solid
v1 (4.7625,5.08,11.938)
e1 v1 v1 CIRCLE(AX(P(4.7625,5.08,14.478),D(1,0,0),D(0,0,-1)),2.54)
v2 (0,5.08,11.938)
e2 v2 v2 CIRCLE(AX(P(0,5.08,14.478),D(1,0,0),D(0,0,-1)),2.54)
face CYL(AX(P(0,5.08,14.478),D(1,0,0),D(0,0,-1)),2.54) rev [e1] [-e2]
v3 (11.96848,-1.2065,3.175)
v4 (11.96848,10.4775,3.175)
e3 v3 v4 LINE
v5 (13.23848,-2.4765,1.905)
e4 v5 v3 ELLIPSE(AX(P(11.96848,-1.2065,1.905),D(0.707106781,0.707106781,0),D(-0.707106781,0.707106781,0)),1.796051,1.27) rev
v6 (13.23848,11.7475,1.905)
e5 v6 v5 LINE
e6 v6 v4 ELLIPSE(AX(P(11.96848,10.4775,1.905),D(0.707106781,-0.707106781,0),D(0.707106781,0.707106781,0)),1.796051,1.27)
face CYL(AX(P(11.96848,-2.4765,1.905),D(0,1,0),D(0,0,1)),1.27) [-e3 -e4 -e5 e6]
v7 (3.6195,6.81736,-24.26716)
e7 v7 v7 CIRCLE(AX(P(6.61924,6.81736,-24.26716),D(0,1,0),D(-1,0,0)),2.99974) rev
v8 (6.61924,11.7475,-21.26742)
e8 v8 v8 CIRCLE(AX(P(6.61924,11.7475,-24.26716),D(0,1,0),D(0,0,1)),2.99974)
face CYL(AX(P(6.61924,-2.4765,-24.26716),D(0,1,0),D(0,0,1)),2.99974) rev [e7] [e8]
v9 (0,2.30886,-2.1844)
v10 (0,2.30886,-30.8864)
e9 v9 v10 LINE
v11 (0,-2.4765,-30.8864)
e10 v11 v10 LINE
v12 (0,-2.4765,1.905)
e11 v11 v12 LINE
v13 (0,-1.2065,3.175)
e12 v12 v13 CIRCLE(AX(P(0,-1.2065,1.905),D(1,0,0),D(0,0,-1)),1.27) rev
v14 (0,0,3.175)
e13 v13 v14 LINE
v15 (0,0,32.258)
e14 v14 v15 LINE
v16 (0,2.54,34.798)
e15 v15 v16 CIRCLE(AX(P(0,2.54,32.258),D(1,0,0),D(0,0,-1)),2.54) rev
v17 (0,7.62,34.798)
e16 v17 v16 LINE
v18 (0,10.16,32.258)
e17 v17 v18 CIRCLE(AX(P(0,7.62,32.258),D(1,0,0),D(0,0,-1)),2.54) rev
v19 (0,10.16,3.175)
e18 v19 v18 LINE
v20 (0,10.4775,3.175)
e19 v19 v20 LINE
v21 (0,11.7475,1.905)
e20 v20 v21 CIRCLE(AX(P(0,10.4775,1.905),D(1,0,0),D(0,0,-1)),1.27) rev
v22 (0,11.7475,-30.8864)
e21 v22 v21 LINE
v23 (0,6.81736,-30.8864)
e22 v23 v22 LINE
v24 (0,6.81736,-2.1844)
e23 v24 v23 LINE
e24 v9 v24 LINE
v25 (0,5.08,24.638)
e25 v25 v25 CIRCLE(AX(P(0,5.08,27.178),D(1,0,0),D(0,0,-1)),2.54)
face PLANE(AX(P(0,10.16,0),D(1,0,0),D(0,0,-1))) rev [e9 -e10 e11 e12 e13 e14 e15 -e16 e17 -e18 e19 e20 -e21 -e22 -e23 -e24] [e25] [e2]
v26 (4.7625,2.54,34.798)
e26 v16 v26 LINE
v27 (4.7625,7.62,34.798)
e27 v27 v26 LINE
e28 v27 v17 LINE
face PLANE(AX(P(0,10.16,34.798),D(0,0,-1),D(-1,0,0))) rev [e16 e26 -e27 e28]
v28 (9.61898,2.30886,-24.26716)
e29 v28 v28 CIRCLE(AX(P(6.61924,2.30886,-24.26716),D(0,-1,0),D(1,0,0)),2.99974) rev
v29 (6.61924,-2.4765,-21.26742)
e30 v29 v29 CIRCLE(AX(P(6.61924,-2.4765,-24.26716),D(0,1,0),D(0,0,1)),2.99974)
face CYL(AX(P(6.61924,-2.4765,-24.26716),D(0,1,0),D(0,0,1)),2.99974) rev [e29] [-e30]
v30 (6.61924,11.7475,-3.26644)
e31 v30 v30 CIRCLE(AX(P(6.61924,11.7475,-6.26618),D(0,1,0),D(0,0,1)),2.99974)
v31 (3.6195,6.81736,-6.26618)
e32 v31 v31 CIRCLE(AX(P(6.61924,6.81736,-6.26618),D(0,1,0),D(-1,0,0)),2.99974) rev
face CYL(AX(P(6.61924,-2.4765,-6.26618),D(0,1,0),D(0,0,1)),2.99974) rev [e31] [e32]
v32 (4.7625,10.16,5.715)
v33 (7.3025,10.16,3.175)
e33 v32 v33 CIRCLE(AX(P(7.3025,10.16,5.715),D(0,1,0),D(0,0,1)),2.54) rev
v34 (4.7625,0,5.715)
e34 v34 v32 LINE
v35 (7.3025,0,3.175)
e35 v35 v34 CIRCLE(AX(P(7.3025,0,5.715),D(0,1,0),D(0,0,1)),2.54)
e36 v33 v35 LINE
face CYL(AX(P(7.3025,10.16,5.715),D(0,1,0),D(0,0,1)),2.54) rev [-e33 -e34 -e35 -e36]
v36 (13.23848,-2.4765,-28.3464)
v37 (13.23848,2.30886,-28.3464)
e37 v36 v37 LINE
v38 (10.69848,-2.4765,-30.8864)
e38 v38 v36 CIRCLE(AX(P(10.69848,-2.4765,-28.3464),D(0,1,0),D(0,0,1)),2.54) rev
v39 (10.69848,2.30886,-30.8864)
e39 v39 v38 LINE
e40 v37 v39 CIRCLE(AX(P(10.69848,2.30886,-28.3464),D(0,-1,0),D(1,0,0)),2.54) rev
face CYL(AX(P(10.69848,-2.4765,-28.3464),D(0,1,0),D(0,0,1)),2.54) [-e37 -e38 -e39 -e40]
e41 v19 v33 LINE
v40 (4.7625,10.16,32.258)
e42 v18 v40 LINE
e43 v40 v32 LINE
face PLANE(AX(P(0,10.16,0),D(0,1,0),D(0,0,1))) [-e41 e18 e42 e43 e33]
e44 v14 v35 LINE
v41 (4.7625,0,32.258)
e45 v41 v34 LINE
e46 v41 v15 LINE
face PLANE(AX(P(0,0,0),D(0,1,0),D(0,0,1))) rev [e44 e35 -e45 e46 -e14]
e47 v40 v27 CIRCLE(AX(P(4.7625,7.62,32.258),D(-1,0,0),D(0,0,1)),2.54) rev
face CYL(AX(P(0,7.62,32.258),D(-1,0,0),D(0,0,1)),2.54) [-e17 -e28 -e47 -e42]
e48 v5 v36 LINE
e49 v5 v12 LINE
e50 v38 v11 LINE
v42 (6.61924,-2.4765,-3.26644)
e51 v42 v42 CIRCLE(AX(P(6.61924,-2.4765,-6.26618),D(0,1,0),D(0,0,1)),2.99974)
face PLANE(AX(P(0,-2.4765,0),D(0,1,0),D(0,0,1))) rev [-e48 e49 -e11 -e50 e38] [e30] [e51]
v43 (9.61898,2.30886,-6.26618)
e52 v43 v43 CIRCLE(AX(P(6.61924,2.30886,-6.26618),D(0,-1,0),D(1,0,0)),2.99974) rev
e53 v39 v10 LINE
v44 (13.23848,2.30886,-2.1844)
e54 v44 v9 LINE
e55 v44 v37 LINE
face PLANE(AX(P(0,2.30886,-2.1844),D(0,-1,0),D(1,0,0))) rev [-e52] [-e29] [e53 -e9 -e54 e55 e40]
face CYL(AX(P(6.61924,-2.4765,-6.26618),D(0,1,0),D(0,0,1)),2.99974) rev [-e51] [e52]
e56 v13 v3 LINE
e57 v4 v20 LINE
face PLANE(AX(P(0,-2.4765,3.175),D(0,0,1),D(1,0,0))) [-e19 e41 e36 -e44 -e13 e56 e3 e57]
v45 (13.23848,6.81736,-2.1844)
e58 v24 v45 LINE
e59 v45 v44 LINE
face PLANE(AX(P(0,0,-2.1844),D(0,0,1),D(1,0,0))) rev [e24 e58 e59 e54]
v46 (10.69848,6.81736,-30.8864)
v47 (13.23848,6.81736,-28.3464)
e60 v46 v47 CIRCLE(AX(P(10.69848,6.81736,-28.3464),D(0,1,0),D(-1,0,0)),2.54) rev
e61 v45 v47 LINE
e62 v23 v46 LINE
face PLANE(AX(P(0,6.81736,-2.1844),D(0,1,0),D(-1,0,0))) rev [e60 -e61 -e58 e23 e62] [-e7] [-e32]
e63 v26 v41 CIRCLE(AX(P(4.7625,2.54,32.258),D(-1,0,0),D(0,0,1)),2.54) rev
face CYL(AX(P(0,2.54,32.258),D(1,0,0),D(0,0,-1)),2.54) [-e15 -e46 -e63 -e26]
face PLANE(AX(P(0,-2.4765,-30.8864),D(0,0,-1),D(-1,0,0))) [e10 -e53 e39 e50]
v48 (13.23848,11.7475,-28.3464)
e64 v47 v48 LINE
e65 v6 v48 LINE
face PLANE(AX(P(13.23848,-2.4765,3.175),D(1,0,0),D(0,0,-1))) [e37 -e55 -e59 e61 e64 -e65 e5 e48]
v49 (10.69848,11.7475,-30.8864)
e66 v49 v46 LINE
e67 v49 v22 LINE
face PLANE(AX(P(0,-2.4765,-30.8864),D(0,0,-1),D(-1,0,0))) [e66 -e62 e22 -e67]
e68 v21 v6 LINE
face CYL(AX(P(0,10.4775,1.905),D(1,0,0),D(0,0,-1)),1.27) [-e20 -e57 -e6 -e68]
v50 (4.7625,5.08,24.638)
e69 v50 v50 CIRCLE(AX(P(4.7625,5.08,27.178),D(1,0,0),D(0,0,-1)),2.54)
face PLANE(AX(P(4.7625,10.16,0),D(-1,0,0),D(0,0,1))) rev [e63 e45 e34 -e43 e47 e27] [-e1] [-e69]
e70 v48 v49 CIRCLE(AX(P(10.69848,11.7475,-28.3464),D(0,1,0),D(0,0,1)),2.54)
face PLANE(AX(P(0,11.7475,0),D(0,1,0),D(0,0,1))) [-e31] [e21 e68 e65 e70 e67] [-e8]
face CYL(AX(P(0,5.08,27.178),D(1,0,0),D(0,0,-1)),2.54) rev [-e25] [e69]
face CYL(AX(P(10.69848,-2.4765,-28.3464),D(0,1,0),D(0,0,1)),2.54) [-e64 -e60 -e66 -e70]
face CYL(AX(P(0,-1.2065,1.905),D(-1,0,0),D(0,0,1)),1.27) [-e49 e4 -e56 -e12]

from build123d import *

# Parameters (mm, degrees)
SKETCH1_W                = 4.7625
SKETCH1_H                = 34.798
BOSS_EXTRUDE1_DEPTH      = 10.16
SKETCH2_R                = 2.54
CUT_EXTRUDE1_DEPTH       = 37.562382448
BOSS_EXTRUDE2_DEPTH      = 6.6675
BOSS_EXTRUDE2_DEPTH_BACK = 7.5565
SKETCH3_W                = 13.23848
SKETCH3_H                = 34.0614
SKETCH3_R                = 2.99974
SKETCH6_W                = 13.23848
SKETCH6_H                = 4.5085
CUT_EXTRUDE3_DEPTH       = 28.702
FILLET1_R                = 2.54
FILLET2_R                = 1.27


with BuildPart() as part:
    # Sketch1 → Boss-Extrude1 (new body)
    with BuildSketch(Plane(origin=(0, 0, 0), x_dir=(1, 0, 0), z_dir=(0, 1, 0))):
        with Locations((2.38125, -17.399)):
            Rectangle(SKETCH1_W, SKETCH1_H)
    extrude(amount=BOSS_EXTRUDE1_DEPTH)

    # Sketch2 → Cut-Extrude1 (cut, through all)
    with BuildSketch(Plane(origin=(4.7625, 0, 0), x_dir=(0, 0, -1), z_dir=(1, 0, 0))):
        with Locations((-27.178, 5.08)):
            Circle(SKETCH2_R)
        with Locations((-14.478, 5.08)):
            Circle(SKETCH2_R)
    extrude(amount=-CUT_EXTRUDE1_DEPTH, mode=Mode.SUBTRACT)

    # Sketch3 → Boss-Extrude2 (add, two sides: drawn at the far end of the back side and taken through both)
    with BuildSketch(Plane(origin=(0, 5.08, 0), x_dir=(1, 0, 0), z_dir=(0, 1, 0)).offset(-BOSS_EXTRUDE2_DEPTH_BACK)):
        with Locations((6.61924, 13.8557)):
            Rectangle(SKETCH3_W, SKETCH3_H)
        with Locations(Location((6.61924, 6.26618, 0), (0, 0, 270))):
            Circle(SKETCH3_R, mode=Mode.SUBTRACT)
        with Locations(Location((6.61924, 24.26716, 0), (0, 0, 270))):
            Circle(SKETCH3_R, mode=Mode.SUBTRACT)
    extrude(amount=BOSS_EXTRUDE2_DEPTH + BOSS_EXTRUDE2_DEPTH_BACK)

    # Sketch6 → Cut-Extrude3 (cut)
    with BuildSketch(Plane(origin=(0, 0, -30.8864), x_dir=(-1, 0, 0), z_dir=(0, 0, -1))):
        with Locations((-6.61924, 4.56311)):
            Rectangle(SKETCH6_W, SKETCH6_H)
    extrude(amount=-CUT_EXTRUDE3_DEPTH, mode=Mode.SUBTRACT)

    # Fillet1
    fillet1_edges = [part.edges().sort_by_distance(p)[0] for p in [
        (4.7625, 5.08, 3.175),
        (13.23848, -0.08382, -30.8864),
        (13.23848, 9.28243, -30.8864),
        (2.38125, 0, 34.798),
        (2.38125, 10.16, 34.798),
    ]]
    fillet(fillet1_edges, radius=FILLET1_R)

    # Fillet2
    fillet2_edges = [part.edges().sort_by_distance(p)[0] for p in [
        (6.61924, -2.4765, 3.175),
        (13.23848, 4.6355, 3.175),
        (6.61924, 11.7475, 3.175),
    ]]
    fillet(fillet2_edges, radius=FILLET2_R)


solid = part.part
